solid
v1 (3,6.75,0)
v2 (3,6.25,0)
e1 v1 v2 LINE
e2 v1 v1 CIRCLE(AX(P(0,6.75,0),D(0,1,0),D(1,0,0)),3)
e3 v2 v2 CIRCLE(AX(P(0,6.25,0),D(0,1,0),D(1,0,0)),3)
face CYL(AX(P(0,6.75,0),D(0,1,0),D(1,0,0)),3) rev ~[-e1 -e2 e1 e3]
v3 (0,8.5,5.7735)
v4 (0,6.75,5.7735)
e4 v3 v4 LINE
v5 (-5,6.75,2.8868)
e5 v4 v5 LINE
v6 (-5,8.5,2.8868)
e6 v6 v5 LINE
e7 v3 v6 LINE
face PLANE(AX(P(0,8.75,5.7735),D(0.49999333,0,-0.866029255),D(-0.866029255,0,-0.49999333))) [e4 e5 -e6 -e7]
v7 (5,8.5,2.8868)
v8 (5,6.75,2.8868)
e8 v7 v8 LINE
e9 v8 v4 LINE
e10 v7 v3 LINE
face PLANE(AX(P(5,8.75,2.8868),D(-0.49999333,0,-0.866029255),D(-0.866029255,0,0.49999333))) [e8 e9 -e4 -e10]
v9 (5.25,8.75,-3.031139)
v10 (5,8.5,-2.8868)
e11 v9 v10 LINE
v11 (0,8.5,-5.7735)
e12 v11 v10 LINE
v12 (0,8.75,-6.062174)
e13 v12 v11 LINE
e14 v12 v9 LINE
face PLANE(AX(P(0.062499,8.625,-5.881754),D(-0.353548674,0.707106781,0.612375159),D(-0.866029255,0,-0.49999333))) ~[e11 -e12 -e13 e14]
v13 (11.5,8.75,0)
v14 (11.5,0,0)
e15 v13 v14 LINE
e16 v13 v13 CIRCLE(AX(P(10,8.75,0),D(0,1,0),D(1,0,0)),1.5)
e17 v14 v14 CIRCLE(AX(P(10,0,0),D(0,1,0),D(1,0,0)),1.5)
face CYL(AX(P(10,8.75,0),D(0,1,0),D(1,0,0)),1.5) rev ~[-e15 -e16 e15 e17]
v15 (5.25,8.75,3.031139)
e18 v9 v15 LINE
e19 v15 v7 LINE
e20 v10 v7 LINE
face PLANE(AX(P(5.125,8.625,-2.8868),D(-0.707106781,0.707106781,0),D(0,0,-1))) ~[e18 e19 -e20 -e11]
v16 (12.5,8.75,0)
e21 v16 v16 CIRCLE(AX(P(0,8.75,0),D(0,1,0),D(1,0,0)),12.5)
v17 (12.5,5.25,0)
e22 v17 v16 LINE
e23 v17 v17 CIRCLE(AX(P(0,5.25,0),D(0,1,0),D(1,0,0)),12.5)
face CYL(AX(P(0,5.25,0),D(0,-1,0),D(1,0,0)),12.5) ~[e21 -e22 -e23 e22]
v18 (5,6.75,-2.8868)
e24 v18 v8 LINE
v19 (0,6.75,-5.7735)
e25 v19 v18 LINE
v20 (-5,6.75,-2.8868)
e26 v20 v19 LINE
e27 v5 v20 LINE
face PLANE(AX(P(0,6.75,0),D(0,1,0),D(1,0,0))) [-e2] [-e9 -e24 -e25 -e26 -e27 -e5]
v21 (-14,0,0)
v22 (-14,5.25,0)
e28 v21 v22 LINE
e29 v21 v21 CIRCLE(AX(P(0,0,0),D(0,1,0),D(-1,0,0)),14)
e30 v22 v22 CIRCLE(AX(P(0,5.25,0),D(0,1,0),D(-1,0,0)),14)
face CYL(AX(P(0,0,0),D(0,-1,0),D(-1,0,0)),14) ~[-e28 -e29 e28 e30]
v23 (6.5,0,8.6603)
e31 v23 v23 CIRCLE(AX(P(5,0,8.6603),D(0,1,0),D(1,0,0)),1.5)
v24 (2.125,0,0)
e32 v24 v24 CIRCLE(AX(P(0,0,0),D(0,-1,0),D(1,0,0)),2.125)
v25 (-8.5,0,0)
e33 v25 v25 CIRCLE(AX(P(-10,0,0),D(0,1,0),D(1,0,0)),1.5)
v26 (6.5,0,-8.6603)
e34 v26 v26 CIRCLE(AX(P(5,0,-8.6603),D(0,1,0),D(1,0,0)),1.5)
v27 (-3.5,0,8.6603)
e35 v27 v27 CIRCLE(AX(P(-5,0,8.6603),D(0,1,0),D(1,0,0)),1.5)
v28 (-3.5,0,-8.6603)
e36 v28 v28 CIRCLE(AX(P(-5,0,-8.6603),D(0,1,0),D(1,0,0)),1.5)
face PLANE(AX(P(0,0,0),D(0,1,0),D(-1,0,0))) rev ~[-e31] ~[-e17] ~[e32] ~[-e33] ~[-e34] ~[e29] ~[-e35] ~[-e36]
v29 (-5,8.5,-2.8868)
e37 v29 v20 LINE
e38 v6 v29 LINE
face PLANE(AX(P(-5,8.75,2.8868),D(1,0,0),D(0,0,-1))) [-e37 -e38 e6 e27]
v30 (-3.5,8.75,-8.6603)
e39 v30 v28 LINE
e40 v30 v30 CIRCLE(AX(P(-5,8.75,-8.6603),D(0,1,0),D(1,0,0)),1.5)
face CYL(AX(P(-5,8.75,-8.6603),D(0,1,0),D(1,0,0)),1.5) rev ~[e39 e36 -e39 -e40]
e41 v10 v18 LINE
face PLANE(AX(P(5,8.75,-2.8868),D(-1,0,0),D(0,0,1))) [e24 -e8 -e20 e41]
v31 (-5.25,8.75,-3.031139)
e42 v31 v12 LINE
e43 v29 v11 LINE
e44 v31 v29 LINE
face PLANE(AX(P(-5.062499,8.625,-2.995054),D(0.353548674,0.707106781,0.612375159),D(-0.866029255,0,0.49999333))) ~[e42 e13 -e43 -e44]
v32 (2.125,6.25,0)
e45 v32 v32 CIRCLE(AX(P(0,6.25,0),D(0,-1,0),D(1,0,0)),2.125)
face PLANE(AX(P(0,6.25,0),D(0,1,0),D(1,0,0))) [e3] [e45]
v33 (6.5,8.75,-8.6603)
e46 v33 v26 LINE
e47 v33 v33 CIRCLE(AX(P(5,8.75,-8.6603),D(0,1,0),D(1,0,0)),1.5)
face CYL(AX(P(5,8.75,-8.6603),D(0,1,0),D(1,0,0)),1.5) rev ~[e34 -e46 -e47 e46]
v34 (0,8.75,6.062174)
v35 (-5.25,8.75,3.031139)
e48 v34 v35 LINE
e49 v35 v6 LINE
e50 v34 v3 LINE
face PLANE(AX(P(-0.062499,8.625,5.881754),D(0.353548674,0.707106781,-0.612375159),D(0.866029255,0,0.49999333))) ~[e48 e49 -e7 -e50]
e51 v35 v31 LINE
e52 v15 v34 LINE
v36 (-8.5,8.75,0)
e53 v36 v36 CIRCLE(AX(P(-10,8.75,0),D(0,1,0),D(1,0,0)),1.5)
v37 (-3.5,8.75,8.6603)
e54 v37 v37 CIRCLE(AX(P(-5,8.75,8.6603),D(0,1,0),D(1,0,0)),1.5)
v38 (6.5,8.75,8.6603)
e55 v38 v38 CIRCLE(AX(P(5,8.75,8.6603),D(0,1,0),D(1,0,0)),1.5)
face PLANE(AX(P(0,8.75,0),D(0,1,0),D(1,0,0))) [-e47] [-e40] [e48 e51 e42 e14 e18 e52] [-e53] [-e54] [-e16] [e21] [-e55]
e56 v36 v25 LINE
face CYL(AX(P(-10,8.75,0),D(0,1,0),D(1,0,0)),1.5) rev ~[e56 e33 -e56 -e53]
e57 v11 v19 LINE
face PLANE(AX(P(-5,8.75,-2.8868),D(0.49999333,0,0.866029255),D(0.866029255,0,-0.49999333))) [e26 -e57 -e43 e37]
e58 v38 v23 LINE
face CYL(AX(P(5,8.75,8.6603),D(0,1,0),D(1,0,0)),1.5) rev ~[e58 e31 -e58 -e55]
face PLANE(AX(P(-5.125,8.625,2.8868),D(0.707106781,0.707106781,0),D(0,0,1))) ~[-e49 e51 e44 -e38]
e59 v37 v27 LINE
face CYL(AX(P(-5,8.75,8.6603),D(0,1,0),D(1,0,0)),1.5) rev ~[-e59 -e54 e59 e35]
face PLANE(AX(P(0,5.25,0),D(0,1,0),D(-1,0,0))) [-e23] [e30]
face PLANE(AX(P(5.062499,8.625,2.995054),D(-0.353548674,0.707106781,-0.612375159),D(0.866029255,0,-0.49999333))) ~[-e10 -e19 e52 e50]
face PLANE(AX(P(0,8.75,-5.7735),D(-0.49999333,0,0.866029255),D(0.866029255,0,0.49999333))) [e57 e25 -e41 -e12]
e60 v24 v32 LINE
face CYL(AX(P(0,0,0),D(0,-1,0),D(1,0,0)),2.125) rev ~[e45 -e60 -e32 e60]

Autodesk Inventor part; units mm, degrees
ref_plane "YZ Plane" through (0, 0, 0) normal (1, 0, 0) x (0, 1, 0)
ref_plane "XZ Plane" through (0, 0, 0) normal (0, 1, 0) x (-1, 0, 0)
ref_plane "XY Plane" through (0, 0, 0) normal (0, 0, 1) x (1, 0, 0)
sketch "Sketch1" plane through (0, 0, 0) normal (0, 1, 0) x (-1, 0, 0)
  circle A0 centre (0, 0) radius 14
  dimension "d0" = 28
extrude "Extrusion1" add sketch "Sketch1" along normal blind 5.25
sketch "Sketch2" plane through (0, 5.25, 0) normal (0, 1, 0) x (1, 0, 0)
  circle A0 centre (0, 0) radius 12.5
  dimension "d3" = 25
extrude "Extrusion2" add sketch "Sketch2" along normal blind 3.5
sketch "Sketch3" plane through (0, 8.75, 0) normal (0, 1, 0) x (1, 0, 0)
  circle A0 centre (-10, 0) radius 1.5
  circle A1 centre (-5, -8.6603) radius 1.5
  circle A2 centre (5, -8.6603) radius 1.5
  circle A3 centre (10, 0) radius 1.5
  circle A4 centre (5, 8.6603) radius 1.5
  circle A5 centre (-5, 8.6603) radius 1.5
  arc A6 (-10, -4) -> (-10, 4) centre (-10, 0) ccw
  line L0 (-10, 4) -> (-11.8427, 4)
  circle A7 centre (0, 0) radius 12.5 projected
  line L1 (-10, -4) -> (-11.8427, -4)
  circle A8 centre (-5, -8.6603) radius 1.5
  arc A9 (-1.5359, -10.6603) -> (-8.4641, -6.6603) centre (-5, -8.6603) ccw
  line L2 (-8.4641, -6.6603) -> (-9.3855, -8.2561)
  line L3 (-1.5359, -10.6603) -> (-2.4573, -12.2561)
  circle A10 centre (5, -8.6603) radius 1.5
  arc A11 (8.4641, -6.6603) -> (1.5359, -10.6603) centre (5, -8.6603) ccw
  line L4 (1.5359, -10.6603) -> (2.4573, -12.2561)
  line L5 (8.4641, -6.6603) -> (9.3855, -8.2561)
  circle A12 centre (10, 0) radius 1.5
  arc A13 (10, 4) -> (10, -4) centre (10, 0) ccw
  line L6 (10, -4) -> (11.8427, -4)
  line L7 (10, 4) -> (11.8427, 4)
  circle A14 centre (5, 8.6603) radius 1.5
  arc A15 (1.5359, 10.6603) -> (8.4641, 6.6603) centre (5, 8.6603) ccw
  line L8 (8.4641, 6.6603) -> (9.3855, 8.2561)
  line L9 (1.5359, 10.6603) -> (2.4573, 12.2561)
  circle A16 centre (-5, 8.6603) radius 1.5
  arc A17 (-8.4641, 6.6603) -> (-1.5359, 10.6603) centre (-5, 8.6603) ccw
  line L10 (-1.5359, 10.6603) -> (-2.4573, 12.2561)
  line L11 (-8.4641, 6.6603) -> (-9.3855, 8.2561)
  dimension "d10" = 360
  dimension "d15" = 8
  dimension "d18" = 360
extrude "Extrusion3" cut sketch "Sketch3" against normal through all contours A0 | A1 | A2 | A3 | A4 | A5
sketch "Sketch4" plane through (0, 8.75, 0) normal (0, 1, 0) x (1, 0, 0)
  line L0 (0, -5.7735) -> (-5, -2.8868)
  line L1 (-5, -2.8868) -> (-5, 2.8868)
  line L2 (-5, 2.8868) -> (0, 5.7735)
  line L3 (0, 5.7735) -> (5, 2.8868)
  line L4 (5, 2.8868) -> (5, -2.8868)
  line L5 (5, -2.8868) -> (0, -5.7735)
  point P0 (0, 0)
  point P1 (0, 0)
  dimension "d22" = 5
extrude "Extrusion4" cut sketch "Sketch4" against normal blind 2
sketch "Sketch5" plane through (0, 0, 0) normal (0, -1, 0) x (1, 0, 0)
  circle A0 centre (0, 0) radius 2.125
  dimension "d28" = 4.25
extrude "Extrusion5" cut sketch "Sketch5" against normal through all
chamfer "Chamfer2" distance 0.25 angle 45 6 edges at (2.5, 8.75, 4.3301) (5, 8.75, 0) (2.5, 8.75, -4.3301) (-2.5, 8.75, -4.3301) (-5, 8.75, 0) (-2.5, 8.75, 4.3301)
sketch "Sketch6" plane through (0, 6.75, 0) normal (0, 1, 0) x (1, 0, 0)
  circle A0 centre (0, 0) radius 3
  dimension "d34" = 6
extrude "Extrusion6" cut sketch "Sketch6" against normal blind 0.5
properties part number "Shaft_Joint1" material "ABS Plastic"
